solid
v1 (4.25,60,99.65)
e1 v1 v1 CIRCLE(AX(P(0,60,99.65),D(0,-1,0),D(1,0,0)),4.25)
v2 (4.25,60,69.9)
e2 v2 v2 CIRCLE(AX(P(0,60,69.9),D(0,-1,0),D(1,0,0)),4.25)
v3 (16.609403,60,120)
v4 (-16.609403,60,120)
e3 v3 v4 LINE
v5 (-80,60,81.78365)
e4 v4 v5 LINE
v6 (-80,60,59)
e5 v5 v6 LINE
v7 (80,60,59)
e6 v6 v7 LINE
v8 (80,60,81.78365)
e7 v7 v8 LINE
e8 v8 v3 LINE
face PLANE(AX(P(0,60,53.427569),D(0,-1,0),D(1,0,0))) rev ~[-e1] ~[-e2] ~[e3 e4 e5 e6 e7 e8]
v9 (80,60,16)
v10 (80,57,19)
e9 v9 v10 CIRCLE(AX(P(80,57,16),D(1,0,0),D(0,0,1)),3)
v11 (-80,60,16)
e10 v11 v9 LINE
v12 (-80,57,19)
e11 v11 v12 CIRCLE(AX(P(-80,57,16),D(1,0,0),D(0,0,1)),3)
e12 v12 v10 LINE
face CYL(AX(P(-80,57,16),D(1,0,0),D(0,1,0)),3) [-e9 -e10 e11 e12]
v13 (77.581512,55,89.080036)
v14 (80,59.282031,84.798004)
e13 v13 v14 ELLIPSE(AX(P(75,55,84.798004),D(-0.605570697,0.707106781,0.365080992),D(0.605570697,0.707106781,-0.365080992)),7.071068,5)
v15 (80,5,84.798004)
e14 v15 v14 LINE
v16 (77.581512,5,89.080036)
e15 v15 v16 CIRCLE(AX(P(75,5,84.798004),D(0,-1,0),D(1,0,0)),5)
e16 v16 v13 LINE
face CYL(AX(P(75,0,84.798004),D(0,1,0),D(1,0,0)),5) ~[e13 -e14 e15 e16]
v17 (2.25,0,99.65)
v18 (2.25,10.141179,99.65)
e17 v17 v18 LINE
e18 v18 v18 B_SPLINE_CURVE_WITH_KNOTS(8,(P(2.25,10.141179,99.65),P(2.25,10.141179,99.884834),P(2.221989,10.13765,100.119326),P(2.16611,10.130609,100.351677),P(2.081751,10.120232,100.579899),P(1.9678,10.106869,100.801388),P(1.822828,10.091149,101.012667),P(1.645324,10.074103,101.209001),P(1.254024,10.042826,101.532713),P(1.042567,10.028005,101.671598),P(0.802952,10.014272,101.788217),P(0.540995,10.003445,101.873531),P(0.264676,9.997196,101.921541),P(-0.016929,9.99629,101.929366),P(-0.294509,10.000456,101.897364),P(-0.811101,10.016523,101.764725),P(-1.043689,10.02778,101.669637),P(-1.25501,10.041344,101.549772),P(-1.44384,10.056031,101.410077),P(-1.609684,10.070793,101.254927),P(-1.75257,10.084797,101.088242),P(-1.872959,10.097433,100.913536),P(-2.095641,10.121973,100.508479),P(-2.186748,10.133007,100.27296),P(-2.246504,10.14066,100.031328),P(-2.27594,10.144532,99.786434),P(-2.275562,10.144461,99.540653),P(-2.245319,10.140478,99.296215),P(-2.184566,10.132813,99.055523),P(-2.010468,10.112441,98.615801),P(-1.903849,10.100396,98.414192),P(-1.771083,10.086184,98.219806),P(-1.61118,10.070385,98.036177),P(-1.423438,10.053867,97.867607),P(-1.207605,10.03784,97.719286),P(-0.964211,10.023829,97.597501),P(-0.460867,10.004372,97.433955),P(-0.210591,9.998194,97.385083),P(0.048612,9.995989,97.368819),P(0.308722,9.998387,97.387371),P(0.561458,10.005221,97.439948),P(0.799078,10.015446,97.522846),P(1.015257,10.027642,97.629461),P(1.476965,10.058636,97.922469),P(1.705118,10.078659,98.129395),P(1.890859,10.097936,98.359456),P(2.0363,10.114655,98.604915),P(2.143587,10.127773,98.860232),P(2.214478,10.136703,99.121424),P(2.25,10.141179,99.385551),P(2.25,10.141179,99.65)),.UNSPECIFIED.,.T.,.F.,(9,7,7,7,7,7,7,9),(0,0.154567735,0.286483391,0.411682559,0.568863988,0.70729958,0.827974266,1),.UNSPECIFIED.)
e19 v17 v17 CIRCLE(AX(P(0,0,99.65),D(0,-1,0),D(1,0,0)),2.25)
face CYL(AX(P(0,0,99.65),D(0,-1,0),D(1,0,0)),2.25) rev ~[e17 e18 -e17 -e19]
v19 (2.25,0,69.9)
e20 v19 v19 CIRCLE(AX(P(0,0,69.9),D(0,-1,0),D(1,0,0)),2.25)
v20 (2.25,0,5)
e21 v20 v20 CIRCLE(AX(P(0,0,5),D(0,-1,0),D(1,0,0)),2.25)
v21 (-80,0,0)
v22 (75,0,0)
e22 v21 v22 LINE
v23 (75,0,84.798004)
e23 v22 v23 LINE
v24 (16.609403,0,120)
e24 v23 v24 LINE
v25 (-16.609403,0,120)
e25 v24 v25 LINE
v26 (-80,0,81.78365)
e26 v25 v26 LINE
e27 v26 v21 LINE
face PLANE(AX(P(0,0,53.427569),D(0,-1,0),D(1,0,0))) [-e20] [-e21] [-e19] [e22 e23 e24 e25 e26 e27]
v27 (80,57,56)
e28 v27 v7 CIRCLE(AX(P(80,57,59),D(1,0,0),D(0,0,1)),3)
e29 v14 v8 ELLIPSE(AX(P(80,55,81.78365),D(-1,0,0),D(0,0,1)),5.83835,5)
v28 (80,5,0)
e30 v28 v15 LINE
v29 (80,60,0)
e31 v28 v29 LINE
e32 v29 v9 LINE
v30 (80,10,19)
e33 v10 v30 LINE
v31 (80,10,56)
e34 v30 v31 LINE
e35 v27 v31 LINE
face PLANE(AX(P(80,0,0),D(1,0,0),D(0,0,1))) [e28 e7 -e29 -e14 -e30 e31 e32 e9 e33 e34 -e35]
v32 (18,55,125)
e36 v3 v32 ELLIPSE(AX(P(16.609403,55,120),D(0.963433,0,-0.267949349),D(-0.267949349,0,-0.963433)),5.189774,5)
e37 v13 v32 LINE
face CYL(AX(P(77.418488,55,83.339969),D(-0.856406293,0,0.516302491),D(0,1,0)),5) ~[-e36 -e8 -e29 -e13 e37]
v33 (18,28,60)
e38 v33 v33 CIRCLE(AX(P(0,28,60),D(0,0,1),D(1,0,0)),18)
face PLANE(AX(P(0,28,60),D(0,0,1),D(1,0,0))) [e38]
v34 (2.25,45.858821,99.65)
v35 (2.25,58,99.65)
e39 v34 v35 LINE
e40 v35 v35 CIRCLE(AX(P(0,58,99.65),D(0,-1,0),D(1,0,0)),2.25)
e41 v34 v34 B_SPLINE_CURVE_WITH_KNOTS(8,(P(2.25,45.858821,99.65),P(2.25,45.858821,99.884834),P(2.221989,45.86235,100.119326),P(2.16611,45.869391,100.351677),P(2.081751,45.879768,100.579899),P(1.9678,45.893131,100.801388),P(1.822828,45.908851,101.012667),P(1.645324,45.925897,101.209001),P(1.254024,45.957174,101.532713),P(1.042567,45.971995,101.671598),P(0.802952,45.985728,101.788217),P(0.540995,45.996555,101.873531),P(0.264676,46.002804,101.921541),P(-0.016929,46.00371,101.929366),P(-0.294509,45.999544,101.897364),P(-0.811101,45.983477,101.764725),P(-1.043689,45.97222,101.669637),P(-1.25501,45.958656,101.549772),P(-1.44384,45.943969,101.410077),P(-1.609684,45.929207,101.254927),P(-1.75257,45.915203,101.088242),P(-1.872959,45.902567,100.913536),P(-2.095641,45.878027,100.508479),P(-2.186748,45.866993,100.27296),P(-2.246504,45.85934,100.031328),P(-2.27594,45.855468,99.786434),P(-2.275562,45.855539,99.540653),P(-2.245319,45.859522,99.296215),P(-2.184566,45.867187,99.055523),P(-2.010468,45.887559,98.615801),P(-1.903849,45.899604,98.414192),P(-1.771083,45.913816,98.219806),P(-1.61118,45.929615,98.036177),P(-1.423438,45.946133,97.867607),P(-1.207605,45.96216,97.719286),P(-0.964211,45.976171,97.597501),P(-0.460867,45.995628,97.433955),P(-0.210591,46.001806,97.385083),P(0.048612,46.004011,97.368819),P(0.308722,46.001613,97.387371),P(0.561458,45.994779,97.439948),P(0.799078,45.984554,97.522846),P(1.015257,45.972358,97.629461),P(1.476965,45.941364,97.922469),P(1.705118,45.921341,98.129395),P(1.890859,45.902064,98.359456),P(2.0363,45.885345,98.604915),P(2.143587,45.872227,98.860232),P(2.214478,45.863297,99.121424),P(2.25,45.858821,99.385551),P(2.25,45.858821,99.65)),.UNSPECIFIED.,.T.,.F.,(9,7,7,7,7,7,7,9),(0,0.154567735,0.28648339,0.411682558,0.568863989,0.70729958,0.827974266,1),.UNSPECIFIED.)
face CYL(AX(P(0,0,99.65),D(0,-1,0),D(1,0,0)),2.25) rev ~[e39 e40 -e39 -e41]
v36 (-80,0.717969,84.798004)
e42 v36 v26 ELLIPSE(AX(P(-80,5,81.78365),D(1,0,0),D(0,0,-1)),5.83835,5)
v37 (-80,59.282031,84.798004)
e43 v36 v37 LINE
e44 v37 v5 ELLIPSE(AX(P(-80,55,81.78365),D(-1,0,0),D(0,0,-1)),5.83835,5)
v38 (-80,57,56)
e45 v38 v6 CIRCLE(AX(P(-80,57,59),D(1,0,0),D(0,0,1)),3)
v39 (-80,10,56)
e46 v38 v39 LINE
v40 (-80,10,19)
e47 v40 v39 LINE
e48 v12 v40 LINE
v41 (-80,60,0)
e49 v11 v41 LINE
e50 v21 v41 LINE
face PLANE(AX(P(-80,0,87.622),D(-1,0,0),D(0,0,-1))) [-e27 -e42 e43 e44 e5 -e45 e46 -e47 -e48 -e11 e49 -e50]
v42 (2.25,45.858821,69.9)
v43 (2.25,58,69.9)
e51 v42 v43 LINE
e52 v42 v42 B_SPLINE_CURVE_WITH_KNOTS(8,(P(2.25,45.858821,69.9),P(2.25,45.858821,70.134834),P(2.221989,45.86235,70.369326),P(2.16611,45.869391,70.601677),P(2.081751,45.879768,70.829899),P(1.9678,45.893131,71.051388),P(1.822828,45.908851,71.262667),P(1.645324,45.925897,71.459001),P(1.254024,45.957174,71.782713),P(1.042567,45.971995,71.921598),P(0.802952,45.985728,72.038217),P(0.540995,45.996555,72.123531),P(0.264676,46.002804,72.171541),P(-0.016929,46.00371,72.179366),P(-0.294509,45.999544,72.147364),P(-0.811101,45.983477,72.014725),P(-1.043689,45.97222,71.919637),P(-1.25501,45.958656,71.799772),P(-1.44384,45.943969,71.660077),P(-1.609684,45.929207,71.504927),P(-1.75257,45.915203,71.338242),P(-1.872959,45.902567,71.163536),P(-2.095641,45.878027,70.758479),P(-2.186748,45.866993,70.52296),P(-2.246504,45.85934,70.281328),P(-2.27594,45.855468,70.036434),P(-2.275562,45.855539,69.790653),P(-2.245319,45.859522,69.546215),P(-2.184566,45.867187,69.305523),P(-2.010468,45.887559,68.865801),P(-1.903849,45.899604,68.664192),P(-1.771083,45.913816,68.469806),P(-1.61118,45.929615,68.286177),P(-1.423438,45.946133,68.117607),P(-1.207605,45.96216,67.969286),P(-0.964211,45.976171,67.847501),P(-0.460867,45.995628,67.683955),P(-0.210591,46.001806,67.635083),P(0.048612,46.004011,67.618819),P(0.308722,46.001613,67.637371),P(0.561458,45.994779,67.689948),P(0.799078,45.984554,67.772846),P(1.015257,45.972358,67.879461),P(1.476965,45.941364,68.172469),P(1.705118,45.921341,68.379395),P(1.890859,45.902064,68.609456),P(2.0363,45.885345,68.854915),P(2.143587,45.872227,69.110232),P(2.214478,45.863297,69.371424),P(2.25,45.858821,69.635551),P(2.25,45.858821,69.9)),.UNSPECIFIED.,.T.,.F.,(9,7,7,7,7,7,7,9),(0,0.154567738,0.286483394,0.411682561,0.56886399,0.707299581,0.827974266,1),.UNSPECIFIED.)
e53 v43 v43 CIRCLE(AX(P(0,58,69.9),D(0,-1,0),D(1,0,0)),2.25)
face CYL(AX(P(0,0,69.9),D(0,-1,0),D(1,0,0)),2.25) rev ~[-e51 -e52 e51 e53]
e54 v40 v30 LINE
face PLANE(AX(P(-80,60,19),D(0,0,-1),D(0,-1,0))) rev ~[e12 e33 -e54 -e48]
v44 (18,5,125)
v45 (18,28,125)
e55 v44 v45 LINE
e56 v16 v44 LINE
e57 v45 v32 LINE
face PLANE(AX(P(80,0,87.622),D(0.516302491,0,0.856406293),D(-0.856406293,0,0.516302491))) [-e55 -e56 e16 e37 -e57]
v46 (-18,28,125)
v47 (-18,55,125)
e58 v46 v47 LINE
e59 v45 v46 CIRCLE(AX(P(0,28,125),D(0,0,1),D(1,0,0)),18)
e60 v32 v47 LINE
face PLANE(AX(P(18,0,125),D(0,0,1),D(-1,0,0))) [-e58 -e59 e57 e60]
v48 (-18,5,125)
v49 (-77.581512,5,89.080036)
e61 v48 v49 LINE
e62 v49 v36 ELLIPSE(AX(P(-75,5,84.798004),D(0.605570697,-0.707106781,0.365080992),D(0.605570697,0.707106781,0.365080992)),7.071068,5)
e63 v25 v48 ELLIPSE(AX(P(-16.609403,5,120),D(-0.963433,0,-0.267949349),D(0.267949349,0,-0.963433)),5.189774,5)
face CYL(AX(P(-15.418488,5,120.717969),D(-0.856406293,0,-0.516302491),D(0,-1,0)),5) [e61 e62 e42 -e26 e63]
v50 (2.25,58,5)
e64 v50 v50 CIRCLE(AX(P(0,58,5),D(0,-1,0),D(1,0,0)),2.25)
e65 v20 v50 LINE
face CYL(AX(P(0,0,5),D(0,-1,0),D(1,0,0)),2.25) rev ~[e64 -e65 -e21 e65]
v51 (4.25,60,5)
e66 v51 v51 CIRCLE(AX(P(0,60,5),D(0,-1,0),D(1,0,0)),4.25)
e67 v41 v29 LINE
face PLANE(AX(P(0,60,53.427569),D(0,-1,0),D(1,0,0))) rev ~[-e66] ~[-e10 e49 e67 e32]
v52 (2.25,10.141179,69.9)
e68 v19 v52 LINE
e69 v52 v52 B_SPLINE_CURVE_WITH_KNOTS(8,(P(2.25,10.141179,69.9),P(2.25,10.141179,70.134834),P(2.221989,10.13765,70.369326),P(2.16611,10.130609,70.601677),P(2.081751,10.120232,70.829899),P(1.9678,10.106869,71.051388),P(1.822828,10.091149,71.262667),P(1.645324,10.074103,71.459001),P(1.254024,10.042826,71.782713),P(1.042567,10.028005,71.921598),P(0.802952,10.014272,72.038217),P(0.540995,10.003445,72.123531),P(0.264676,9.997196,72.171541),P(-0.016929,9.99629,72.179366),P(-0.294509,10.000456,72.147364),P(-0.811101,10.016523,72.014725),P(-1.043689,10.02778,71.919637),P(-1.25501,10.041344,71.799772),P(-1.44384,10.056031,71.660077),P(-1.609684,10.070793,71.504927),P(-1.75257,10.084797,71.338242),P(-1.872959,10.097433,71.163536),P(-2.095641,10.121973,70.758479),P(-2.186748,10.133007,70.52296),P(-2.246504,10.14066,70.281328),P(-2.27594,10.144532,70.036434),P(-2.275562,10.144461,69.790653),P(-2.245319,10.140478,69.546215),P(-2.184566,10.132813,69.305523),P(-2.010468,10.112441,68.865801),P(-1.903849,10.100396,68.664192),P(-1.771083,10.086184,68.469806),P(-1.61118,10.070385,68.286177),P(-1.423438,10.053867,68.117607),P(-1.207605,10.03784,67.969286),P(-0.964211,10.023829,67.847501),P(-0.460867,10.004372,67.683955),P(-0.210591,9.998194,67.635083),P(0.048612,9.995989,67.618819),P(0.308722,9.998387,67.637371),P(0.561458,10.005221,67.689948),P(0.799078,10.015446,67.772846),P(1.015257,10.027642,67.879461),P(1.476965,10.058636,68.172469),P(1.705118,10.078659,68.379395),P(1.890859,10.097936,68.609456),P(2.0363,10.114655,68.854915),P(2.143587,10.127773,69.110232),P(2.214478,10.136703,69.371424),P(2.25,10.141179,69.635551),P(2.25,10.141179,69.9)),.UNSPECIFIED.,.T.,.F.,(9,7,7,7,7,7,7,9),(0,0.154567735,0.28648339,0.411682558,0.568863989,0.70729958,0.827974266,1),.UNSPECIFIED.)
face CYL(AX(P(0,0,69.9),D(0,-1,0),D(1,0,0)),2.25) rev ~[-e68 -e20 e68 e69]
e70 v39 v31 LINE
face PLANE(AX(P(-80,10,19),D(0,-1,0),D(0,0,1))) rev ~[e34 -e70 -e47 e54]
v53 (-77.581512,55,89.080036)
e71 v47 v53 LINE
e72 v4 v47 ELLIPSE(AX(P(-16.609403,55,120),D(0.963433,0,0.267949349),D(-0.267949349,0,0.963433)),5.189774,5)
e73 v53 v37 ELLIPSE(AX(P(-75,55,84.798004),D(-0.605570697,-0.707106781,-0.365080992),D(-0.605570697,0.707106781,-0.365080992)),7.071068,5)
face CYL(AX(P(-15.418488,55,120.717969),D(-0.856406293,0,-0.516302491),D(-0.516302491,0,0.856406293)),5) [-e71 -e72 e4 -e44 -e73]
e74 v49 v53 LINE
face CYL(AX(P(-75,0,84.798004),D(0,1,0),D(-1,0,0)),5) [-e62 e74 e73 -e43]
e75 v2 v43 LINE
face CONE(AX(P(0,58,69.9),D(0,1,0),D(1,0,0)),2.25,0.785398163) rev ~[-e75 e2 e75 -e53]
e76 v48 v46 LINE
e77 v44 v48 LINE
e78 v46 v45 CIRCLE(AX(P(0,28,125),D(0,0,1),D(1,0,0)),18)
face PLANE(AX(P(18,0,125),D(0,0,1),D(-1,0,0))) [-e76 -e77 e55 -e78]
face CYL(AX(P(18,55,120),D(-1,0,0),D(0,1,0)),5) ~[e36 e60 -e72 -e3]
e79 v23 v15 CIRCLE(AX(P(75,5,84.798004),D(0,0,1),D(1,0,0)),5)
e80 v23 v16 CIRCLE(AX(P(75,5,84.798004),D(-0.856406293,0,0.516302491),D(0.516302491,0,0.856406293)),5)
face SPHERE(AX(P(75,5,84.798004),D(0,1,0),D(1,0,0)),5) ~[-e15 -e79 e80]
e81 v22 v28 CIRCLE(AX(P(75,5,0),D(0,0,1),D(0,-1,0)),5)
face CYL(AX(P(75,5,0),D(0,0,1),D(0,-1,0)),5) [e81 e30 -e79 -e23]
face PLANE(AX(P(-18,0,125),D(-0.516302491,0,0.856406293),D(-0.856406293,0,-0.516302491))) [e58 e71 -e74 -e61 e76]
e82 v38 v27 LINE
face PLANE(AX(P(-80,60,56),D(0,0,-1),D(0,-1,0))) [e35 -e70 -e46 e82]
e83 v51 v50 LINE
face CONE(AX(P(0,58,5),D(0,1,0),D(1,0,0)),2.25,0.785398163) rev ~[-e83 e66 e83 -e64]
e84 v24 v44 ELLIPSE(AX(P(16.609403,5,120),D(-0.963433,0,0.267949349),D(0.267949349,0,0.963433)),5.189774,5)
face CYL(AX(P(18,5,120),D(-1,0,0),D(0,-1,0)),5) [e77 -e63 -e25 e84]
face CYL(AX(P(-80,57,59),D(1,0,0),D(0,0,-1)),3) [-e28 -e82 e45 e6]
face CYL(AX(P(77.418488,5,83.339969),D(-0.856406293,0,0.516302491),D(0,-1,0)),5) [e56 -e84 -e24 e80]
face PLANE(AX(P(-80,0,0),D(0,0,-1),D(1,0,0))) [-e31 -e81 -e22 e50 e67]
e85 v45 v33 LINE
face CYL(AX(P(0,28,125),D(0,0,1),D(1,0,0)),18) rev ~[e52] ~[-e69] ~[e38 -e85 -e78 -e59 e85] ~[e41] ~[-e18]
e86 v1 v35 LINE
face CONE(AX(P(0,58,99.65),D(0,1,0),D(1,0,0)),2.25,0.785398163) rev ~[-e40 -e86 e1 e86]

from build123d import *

# Parameters (mm, degrees)
F1_DEPTH = 60
F3_W     = 50
F3_H     = 37
F4_DEPTH = 160
F5_DEPTH = 65
F6_R     = 3
F7_R     = 5
F8_R     = 2.25
F9_DEPTH = 60.001
F10_SIZE = 2


with BuildPart() as f1:
    # F0 (on Front) → F1 (new body)
    with BuildSketch(Plane.XZ):
        Polygon((-80, 87.622), (-80, 0), (80, 0), (80, 87.622), (18, 125), (-18, 125), align=None)
    extrude(amount=-F1_DEPTH)

    # F3 (on face) → F4 (cut, through all)
    with BuildSketch(Plane(origin=(-80, 0, 0), x_dir=(0, -1, 0), z_dir=(-1, 0, 0))):
        with Locations((-35, 37.5)):
            Rectangle(F3_W, F3_H)
    extrude(amount=-F4_DEPTH, mode=Mode.SUBTRACT)

    # F2 (on face) → F5 (cut)
    with BuildSketch(Plane.XY.offset(125)):
        with BuildLine():
            ThreePointArc((-18, 28), (0, 10), (18, 28))
            ThreePointArc((18, 28), (0, 46), (-18, 28))
        make_face()
    extrude(amount=-F5_DEPTH, mode=Mode.SUBTRACT)

    # F6
    f6_edges = [f1.edges().sort_by_distance(p)[0] for p in [
        (0, 60, 56),
        (0, 60, 19),
    ]]
    fillet(f6_edges, radius=F6_R)

    # F7
    f7_edges = [f1.edges().sort_by_distance(p)[0] for p in [
        (0, 60, 125),
        (-49, 60, 106.311),
        (49, 60, 106.311),
        (-80, 30, 87.622),
        (-49, 0, 106.311),
        (49, 0, 106.311),
        (80, 30, 87.622),
        (0, 0, 125),
        (80, 0, 43.811),
    ]]
    fillet(f7_edges, radius=F7_R)

    # F8 (on face) → F9 (cut, through all)
    with BuildSketch(Plane.XZ):
        with Locations((0, 99.65)):
            Circle(F8_R)
        with Locations((0, 69.9)):
            Circle(F8_R)
        with Locations((0, 5)):
            Circle(F8_R)
    extrude(amount=-F9_DEPTH, mode=Mode.SUBTRACT)

    # F10
    f10_edges = [f1.edges().sort_by_distance(p)[0] for p in [
        (-2.25, 60, 99.65),
        (-2.25, 60, 69.9),
        (-2.25, 60, 5),
    ]]
    chamfer(f10_edges, length=F10_SIZE)


solid = f1.part
